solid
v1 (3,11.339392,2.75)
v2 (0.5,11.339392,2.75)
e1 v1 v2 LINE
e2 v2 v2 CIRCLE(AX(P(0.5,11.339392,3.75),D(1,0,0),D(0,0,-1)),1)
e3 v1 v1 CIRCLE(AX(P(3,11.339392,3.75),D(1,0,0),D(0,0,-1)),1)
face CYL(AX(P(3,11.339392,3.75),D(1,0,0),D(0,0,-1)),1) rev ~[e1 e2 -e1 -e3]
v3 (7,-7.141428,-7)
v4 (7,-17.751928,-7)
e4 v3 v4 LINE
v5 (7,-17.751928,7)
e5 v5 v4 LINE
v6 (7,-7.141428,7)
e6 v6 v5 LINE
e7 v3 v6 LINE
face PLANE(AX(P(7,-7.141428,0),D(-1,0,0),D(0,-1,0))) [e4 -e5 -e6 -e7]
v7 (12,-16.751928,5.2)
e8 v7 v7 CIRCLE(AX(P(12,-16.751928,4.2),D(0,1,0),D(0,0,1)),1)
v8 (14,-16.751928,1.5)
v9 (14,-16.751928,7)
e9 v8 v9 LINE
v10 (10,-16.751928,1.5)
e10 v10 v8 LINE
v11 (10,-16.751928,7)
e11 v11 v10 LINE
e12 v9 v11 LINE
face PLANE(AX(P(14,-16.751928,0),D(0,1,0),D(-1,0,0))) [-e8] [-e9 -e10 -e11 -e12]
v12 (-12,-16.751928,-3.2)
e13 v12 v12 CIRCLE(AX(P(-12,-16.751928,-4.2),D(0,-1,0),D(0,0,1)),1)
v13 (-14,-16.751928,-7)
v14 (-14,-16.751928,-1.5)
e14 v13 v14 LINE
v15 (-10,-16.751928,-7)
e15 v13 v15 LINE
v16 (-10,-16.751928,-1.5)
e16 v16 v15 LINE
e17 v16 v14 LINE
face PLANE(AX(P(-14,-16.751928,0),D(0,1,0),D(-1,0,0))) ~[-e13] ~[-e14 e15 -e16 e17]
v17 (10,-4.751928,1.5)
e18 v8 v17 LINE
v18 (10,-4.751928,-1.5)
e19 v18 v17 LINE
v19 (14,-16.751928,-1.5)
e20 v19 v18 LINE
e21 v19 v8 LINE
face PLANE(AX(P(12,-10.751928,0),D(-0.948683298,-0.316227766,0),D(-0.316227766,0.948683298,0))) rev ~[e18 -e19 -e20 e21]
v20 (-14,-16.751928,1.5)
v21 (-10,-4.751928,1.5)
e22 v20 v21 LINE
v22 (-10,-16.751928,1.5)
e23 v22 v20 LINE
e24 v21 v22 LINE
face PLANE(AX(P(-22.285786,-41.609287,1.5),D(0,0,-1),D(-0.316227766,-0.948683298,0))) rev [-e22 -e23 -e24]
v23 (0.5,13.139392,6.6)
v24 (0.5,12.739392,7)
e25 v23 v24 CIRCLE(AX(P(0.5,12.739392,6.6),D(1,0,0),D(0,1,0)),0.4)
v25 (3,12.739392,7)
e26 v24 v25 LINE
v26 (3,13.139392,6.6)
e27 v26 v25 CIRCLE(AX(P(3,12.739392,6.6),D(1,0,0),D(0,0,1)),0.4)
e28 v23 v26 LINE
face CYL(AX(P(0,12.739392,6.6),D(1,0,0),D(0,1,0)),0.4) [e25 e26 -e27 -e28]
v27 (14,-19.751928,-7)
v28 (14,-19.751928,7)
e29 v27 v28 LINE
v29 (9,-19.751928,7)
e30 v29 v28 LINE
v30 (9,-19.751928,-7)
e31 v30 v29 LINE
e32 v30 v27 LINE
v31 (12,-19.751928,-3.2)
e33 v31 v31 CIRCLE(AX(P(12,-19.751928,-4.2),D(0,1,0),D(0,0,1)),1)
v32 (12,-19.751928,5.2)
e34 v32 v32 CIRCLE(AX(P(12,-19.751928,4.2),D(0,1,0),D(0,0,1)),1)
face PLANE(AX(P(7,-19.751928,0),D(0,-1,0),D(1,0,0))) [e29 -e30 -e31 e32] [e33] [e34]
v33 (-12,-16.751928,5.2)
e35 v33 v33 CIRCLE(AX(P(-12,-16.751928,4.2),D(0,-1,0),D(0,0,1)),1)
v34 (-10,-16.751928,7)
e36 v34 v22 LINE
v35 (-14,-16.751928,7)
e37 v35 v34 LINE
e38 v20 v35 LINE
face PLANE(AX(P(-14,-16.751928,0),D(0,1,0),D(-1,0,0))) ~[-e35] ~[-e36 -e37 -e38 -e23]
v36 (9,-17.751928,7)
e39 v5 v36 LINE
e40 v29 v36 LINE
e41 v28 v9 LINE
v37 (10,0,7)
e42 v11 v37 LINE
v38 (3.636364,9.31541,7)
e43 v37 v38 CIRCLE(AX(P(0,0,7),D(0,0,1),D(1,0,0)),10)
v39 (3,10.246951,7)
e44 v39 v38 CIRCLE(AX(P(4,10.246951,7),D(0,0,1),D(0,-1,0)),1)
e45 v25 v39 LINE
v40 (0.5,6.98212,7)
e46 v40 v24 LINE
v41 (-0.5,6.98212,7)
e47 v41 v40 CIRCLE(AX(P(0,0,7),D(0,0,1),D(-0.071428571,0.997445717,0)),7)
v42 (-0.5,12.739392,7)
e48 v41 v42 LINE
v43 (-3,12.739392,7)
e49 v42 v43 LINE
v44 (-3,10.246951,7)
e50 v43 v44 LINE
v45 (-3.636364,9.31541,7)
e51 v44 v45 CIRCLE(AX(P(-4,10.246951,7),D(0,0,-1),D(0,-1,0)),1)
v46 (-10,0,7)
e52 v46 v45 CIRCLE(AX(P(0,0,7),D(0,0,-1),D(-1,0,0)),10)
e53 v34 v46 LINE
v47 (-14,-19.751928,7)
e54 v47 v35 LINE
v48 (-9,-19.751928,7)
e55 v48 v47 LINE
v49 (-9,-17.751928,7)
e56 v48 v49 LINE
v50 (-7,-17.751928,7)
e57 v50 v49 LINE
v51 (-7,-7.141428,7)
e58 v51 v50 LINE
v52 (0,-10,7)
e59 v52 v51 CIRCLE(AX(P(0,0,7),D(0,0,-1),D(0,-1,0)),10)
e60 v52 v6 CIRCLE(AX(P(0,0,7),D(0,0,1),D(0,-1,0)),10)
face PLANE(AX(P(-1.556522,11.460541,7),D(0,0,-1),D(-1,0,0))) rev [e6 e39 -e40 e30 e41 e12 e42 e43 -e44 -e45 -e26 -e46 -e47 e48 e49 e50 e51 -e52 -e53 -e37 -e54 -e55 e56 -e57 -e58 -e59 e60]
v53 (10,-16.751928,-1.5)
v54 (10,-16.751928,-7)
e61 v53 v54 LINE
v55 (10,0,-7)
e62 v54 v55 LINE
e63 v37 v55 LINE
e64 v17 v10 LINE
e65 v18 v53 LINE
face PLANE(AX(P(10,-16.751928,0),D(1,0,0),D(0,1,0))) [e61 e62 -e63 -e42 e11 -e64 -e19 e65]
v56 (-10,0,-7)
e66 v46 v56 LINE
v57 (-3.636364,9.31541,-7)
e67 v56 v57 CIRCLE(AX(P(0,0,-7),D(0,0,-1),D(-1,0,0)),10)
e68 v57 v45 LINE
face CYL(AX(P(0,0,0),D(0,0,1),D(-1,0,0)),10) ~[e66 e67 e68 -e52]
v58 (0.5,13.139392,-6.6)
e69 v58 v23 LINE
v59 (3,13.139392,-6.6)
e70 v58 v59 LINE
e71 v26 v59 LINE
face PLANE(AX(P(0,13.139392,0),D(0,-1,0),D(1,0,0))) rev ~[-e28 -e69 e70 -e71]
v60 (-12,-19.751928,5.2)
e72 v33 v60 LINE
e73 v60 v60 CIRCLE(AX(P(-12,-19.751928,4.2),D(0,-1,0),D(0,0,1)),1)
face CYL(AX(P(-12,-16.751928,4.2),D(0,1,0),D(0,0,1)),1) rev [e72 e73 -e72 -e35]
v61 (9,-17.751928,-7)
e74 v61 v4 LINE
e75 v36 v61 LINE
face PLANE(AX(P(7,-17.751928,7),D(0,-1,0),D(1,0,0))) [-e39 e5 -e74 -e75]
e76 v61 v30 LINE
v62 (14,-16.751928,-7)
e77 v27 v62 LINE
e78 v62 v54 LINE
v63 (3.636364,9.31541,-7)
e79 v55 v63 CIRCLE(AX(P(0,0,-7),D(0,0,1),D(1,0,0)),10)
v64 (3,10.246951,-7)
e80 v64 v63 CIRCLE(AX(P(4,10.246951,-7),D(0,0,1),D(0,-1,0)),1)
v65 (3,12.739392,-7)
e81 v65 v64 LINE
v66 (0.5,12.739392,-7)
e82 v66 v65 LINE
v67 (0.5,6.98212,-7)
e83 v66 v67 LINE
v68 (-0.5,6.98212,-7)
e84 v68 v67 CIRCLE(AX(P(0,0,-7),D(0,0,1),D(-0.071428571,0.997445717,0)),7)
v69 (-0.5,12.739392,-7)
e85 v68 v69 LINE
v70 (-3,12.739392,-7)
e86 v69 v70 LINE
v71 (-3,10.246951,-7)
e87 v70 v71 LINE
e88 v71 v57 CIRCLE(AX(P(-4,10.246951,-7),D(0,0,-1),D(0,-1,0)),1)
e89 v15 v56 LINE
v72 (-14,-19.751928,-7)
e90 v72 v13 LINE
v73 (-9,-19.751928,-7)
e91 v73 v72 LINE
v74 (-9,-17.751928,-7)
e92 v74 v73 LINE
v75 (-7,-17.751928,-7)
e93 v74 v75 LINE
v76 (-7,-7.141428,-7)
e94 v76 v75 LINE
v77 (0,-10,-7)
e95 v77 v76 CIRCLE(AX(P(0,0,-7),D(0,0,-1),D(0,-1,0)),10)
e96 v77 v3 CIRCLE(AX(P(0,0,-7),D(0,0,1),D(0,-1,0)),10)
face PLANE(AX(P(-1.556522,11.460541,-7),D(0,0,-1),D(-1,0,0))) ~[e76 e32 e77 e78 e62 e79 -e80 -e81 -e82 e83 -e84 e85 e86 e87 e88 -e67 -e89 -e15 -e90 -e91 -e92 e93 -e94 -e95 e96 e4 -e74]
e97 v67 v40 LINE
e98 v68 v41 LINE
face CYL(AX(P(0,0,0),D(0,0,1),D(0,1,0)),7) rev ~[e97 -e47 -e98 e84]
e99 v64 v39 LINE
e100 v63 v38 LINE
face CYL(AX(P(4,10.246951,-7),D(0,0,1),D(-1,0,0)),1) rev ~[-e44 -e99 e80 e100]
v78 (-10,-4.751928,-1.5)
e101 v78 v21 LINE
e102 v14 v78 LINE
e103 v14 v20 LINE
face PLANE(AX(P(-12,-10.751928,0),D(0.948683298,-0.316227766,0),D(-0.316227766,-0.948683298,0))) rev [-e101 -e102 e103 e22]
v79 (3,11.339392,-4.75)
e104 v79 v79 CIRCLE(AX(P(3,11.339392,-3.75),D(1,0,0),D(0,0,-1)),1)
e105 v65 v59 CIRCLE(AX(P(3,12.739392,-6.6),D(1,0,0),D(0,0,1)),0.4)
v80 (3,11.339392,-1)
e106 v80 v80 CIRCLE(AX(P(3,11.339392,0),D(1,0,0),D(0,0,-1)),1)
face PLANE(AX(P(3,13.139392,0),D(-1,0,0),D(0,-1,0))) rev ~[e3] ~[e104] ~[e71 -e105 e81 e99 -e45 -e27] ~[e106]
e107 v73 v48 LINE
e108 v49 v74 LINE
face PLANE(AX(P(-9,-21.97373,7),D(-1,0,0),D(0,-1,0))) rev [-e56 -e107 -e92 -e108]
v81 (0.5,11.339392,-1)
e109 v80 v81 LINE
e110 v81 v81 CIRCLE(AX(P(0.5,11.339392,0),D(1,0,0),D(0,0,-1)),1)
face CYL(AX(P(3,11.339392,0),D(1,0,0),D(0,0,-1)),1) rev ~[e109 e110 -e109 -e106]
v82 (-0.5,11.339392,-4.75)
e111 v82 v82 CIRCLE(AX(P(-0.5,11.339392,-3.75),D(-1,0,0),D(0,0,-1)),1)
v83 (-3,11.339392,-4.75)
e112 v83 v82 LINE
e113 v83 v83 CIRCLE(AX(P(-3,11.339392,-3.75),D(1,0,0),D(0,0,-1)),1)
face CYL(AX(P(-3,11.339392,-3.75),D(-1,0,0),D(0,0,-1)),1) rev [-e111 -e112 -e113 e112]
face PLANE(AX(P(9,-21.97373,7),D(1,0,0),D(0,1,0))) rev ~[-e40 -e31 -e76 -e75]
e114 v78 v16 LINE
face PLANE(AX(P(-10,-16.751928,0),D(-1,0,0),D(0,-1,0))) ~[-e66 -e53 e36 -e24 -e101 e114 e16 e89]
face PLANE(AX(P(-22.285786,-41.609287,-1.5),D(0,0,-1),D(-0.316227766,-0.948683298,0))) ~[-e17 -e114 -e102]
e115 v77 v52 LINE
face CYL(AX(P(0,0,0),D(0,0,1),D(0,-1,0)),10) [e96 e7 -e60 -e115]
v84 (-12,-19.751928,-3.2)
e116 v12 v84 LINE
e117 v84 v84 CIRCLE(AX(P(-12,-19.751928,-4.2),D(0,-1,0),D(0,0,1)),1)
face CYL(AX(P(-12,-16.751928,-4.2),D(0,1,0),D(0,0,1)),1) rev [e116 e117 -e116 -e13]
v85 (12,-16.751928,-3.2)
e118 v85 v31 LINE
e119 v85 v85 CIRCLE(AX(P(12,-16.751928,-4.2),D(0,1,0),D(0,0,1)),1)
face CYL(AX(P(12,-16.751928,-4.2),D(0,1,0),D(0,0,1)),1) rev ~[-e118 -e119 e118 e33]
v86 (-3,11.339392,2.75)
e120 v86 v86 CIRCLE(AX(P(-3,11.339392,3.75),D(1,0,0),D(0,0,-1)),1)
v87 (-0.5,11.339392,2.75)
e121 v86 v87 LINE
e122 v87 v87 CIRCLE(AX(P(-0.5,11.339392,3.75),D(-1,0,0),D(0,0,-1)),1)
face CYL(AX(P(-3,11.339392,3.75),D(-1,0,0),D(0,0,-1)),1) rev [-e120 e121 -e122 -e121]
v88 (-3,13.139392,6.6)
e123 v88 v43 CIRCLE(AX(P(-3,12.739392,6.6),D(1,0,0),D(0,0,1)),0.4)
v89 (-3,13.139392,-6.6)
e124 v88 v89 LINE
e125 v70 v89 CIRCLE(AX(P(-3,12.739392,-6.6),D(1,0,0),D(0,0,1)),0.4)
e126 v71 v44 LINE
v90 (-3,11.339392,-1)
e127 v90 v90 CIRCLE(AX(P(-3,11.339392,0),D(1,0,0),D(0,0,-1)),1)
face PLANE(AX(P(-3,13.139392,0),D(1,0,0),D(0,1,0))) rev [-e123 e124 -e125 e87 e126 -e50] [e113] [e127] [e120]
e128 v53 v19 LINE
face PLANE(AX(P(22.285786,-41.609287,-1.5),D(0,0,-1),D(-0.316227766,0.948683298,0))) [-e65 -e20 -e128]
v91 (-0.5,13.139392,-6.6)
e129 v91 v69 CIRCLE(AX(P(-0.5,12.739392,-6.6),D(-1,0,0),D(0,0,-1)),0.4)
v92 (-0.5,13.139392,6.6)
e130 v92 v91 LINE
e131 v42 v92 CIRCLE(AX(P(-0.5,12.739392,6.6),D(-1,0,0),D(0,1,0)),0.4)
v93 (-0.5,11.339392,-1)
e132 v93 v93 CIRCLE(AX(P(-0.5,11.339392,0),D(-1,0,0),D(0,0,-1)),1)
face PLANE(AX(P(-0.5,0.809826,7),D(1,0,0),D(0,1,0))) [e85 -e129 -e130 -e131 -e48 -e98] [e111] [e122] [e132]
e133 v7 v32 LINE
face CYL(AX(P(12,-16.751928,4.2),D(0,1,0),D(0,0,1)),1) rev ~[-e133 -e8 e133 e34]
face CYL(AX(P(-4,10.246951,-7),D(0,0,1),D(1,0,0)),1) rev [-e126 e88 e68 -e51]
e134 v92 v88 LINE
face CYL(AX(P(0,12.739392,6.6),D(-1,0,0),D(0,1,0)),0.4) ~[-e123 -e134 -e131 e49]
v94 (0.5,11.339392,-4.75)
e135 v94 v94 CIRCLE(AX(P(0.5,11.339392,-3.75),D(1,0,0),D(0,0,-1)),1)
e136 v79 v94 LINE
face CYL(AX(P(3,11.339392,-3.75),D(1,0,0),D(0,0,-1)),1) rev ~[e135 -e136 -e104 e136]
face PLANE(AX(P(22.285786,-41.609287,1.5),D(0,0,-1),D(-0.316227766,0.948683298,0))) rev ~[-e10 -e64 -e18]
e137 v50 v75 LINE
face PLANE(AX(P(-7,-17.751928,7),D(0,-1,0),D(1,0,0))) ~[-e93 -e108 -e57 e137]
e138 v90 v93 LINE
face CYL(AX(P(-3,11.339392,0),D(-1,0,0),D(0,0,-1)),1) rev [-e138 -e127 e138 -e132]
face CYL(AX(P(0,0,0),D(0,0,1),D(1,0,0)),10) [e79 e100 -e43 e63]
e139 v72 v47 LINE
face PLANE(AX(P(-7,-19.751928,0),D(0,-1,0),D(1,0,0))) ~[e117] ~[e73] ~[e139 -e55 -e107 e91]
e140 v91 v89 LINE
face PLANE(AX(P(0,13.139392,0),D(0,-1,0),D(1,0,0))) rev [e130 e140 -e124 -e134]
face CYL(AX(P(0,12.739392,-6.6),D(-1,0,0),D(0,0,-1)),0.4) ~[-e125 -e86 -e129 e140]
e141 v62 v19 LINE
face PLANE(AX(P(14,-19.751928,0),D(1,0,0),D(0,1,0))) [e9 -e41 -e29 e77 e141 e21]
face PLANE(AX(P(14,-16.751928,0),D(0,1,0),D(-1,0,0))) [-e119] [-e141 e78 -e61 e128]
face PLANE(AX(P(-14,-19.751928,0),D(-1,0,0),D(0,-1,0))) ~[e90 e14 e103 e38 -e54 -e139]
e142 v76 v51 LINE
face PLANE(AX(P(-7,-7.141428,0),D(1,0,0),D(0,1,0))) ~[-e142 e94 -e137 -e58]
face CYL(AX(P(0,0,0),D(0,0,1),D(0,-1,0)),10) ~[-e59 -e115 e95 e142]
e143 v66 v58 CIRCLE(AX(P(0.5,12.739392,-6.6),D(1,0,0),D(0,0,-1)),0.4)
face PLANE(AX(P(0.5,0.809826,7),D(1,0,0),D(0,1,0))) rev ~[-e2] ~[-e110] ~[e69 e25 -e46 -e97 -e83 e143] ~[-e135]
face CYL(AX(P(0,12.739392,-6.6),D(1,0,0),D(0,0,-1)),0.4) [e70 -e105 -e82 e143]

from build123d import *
from build123d.topology import SkipClean

# Parameters (mm, degrees)
BOSS_EXTRUDE1_DEPTH = 7
SKETCH3_R           = 1
CUT_EXTRUDE1_DEPTH  = 10
RIB1_REACH          = 27.202
SKETCH2_WALL_W      = 65.053025346
SKETCH2_WALL_H      = 3
BOSS_EXTRUDE2_DEPTH = 7
SKETCH5_R           = 1
CUT_EXTRUDE2_DEPTH  = 14
FILLET1_R           = 1
FILLET2_R           = 0.4
SKETCH6_W           = 2
SKETCH6_H           = 4.221802259
CUT_EXTRUDE3_DEPTH  = 28.966741934
SKETCH7_W           = 1
SKETCH7_H           = 18.119739654
CUT_EXTRUDE4_DEPTH  = 28.966741934


with BuildPart() as part:
    # Sketch1 → Boss-Extrude1 (new, symmetric)
    with BuildSketch(Plane.XY):
        with BuildLine():
            Line((0, 10), (0, 7))
            ThreePointArc((0, 7), (7, 0), (0, -7))
            Line((0, -7), (0, -10))
            ThreePointArc((0, -10), (3.780589618, -9.257815193), (7, -7.141428429))
            Line((7, -7.141428429), (7, -19.751927866))
            Line((7, -19.751927866), (14, -19.751927866))
            Line((14, -19.751927866), (14, -16.751927866))
            Line((14, -16.751927866), (10, -16.751927866))
            Line((10, -16.751927866), (10, 0))
            ThreePointArc((10, 0), (7.071067812, 7.071067812), (0, 10))
        make_face()
    extrude(amount=BOSS_EXTRUDE1_DEPTH, both=True)

    # Sketch3 → Cut-Extrude1 (cut)
    with BuildSketch(Plane(origin=(0, -16.751927866, 0), x_dir=(1, 0, 0), z_dir=(0, 1, 0))):
        with Locations(Location((12, -4.2, 0), (0, 0, 270))):
            Circle(SKETCH3_R)
        with Locations(Location((12, 4.2, 0), (0, 0, 270))):
            Circle(SKETCH3_R)
    extrude(amount=-CUT_EXTRUDE1_DEPTH, mode=Mode.SUBTRACT)

    # Sketch2 wall → Rib1 (add, up to next)
    with BuildSketch(Plane(origin=(12, -10.751927866, 0), x_dir=(-0.316227766017, 0.948683298051, 0), z_dir=(-0.948683298051, -0.316227766017, 0)), mode=Mode.PRIVATE) as rib1_sk1:
        Rectangle(SKETCH2_WALL_W, SKETCH2_WALL_H)
    rib1_tool1 = extrude(rib1_sk1.sketch, amount=RIB1_REACH, mode=Mode.PRIVATE) - part.part
    add(rib1_tool1.solids().sort_by_distance((12, -10.751927866, 0))[0])

    # Sketch4 → Boss-Extrude2 (add, symmetric)
    with BuildSketch(Plane.XY):
        with BuildLine():
            Line((0, 10), (0, 13.139392014))
            Line((0, 13.139392014), (3, 13.139392014))
            Line((3, 13.139392014), (3, 9.539392014))
            ThreePointArc((3, 9.539392014), (1.517576993, 9.884177258), (0, 10))
        make_face()
    extrude(amount=BOSS_EXTRUDE2_DEPTH, both=True)

    # Sketch5 → Cut-Extrude2 (cut)
    with BuildSketch(Plane(origin=(3, 0, 0), x_dir=(0, 0, -1), z_dir=(1, 0, 0))):
        with Locations((-3.75, 11.339392014)):
            Circle(SKETCH5_R)
        with Locations((0, 11.339392014)):
            Circle(SKETCH5_R)
        with Locations((3.75, 11.339392014)):
            Circle(SKETCH5_R)
    extrude(amount=-CUT_EXTRUDE2_DEPTH, mode=Mode.SUBTRACT)

    # Fillet1
    fillet1_edges = [part.edges().sort_by_distance(p)[0] for p in [
        (3, 9.539392014, 0),
    ]]
    fillet(fillet1_edges, radius=FILLET1_R)

    # Fillet2
    fillet2_edges = [part.edges().sort_by_distance(p)[0] for p in [
        (1.5, 13.139392014, -7),
        (1.5, 13.139392014, 7),
    ]]
    fillet(fillet2_edges, radius=FILLET2_R)

    # Sketch6 → Cut-Extrude3 (cut, through all)
    with BuildSketch(Plane.XY.offset(7)):
        with Locations((8, -19.862828996)):
            Rectangle(SKETCH6_W, SKETCH6_H)
    extrude(amount=-CUT_EXTRUDE3_DEPTH, mode=Mode.SUBTRACT)

    # Mirror1: part across plane


with BuildPart() as part_1:
    with SkipClean():  # the faces are left unmerged after this step: merging them gives an invalid solid
        add(part.part)
        add(part.part.mirror(Plane(origin=(0, 0, 0), x_dir=(0, 0, 1), z_dir=(1, 0, 0))))

    # Sketch7 → Cut-Extrude4 (cut, through all)
    with BuildSketch(Plane.XY.offset(7)):
        with Locations((0, 9.869696007)):
            Rectangle(SKETCH7_W, SKETCH7_H)
    extrude(amount=-CUT_EXTRUDE4_DEPTH, mode=Mode.SUBTRACT)


solid = part_1.part
